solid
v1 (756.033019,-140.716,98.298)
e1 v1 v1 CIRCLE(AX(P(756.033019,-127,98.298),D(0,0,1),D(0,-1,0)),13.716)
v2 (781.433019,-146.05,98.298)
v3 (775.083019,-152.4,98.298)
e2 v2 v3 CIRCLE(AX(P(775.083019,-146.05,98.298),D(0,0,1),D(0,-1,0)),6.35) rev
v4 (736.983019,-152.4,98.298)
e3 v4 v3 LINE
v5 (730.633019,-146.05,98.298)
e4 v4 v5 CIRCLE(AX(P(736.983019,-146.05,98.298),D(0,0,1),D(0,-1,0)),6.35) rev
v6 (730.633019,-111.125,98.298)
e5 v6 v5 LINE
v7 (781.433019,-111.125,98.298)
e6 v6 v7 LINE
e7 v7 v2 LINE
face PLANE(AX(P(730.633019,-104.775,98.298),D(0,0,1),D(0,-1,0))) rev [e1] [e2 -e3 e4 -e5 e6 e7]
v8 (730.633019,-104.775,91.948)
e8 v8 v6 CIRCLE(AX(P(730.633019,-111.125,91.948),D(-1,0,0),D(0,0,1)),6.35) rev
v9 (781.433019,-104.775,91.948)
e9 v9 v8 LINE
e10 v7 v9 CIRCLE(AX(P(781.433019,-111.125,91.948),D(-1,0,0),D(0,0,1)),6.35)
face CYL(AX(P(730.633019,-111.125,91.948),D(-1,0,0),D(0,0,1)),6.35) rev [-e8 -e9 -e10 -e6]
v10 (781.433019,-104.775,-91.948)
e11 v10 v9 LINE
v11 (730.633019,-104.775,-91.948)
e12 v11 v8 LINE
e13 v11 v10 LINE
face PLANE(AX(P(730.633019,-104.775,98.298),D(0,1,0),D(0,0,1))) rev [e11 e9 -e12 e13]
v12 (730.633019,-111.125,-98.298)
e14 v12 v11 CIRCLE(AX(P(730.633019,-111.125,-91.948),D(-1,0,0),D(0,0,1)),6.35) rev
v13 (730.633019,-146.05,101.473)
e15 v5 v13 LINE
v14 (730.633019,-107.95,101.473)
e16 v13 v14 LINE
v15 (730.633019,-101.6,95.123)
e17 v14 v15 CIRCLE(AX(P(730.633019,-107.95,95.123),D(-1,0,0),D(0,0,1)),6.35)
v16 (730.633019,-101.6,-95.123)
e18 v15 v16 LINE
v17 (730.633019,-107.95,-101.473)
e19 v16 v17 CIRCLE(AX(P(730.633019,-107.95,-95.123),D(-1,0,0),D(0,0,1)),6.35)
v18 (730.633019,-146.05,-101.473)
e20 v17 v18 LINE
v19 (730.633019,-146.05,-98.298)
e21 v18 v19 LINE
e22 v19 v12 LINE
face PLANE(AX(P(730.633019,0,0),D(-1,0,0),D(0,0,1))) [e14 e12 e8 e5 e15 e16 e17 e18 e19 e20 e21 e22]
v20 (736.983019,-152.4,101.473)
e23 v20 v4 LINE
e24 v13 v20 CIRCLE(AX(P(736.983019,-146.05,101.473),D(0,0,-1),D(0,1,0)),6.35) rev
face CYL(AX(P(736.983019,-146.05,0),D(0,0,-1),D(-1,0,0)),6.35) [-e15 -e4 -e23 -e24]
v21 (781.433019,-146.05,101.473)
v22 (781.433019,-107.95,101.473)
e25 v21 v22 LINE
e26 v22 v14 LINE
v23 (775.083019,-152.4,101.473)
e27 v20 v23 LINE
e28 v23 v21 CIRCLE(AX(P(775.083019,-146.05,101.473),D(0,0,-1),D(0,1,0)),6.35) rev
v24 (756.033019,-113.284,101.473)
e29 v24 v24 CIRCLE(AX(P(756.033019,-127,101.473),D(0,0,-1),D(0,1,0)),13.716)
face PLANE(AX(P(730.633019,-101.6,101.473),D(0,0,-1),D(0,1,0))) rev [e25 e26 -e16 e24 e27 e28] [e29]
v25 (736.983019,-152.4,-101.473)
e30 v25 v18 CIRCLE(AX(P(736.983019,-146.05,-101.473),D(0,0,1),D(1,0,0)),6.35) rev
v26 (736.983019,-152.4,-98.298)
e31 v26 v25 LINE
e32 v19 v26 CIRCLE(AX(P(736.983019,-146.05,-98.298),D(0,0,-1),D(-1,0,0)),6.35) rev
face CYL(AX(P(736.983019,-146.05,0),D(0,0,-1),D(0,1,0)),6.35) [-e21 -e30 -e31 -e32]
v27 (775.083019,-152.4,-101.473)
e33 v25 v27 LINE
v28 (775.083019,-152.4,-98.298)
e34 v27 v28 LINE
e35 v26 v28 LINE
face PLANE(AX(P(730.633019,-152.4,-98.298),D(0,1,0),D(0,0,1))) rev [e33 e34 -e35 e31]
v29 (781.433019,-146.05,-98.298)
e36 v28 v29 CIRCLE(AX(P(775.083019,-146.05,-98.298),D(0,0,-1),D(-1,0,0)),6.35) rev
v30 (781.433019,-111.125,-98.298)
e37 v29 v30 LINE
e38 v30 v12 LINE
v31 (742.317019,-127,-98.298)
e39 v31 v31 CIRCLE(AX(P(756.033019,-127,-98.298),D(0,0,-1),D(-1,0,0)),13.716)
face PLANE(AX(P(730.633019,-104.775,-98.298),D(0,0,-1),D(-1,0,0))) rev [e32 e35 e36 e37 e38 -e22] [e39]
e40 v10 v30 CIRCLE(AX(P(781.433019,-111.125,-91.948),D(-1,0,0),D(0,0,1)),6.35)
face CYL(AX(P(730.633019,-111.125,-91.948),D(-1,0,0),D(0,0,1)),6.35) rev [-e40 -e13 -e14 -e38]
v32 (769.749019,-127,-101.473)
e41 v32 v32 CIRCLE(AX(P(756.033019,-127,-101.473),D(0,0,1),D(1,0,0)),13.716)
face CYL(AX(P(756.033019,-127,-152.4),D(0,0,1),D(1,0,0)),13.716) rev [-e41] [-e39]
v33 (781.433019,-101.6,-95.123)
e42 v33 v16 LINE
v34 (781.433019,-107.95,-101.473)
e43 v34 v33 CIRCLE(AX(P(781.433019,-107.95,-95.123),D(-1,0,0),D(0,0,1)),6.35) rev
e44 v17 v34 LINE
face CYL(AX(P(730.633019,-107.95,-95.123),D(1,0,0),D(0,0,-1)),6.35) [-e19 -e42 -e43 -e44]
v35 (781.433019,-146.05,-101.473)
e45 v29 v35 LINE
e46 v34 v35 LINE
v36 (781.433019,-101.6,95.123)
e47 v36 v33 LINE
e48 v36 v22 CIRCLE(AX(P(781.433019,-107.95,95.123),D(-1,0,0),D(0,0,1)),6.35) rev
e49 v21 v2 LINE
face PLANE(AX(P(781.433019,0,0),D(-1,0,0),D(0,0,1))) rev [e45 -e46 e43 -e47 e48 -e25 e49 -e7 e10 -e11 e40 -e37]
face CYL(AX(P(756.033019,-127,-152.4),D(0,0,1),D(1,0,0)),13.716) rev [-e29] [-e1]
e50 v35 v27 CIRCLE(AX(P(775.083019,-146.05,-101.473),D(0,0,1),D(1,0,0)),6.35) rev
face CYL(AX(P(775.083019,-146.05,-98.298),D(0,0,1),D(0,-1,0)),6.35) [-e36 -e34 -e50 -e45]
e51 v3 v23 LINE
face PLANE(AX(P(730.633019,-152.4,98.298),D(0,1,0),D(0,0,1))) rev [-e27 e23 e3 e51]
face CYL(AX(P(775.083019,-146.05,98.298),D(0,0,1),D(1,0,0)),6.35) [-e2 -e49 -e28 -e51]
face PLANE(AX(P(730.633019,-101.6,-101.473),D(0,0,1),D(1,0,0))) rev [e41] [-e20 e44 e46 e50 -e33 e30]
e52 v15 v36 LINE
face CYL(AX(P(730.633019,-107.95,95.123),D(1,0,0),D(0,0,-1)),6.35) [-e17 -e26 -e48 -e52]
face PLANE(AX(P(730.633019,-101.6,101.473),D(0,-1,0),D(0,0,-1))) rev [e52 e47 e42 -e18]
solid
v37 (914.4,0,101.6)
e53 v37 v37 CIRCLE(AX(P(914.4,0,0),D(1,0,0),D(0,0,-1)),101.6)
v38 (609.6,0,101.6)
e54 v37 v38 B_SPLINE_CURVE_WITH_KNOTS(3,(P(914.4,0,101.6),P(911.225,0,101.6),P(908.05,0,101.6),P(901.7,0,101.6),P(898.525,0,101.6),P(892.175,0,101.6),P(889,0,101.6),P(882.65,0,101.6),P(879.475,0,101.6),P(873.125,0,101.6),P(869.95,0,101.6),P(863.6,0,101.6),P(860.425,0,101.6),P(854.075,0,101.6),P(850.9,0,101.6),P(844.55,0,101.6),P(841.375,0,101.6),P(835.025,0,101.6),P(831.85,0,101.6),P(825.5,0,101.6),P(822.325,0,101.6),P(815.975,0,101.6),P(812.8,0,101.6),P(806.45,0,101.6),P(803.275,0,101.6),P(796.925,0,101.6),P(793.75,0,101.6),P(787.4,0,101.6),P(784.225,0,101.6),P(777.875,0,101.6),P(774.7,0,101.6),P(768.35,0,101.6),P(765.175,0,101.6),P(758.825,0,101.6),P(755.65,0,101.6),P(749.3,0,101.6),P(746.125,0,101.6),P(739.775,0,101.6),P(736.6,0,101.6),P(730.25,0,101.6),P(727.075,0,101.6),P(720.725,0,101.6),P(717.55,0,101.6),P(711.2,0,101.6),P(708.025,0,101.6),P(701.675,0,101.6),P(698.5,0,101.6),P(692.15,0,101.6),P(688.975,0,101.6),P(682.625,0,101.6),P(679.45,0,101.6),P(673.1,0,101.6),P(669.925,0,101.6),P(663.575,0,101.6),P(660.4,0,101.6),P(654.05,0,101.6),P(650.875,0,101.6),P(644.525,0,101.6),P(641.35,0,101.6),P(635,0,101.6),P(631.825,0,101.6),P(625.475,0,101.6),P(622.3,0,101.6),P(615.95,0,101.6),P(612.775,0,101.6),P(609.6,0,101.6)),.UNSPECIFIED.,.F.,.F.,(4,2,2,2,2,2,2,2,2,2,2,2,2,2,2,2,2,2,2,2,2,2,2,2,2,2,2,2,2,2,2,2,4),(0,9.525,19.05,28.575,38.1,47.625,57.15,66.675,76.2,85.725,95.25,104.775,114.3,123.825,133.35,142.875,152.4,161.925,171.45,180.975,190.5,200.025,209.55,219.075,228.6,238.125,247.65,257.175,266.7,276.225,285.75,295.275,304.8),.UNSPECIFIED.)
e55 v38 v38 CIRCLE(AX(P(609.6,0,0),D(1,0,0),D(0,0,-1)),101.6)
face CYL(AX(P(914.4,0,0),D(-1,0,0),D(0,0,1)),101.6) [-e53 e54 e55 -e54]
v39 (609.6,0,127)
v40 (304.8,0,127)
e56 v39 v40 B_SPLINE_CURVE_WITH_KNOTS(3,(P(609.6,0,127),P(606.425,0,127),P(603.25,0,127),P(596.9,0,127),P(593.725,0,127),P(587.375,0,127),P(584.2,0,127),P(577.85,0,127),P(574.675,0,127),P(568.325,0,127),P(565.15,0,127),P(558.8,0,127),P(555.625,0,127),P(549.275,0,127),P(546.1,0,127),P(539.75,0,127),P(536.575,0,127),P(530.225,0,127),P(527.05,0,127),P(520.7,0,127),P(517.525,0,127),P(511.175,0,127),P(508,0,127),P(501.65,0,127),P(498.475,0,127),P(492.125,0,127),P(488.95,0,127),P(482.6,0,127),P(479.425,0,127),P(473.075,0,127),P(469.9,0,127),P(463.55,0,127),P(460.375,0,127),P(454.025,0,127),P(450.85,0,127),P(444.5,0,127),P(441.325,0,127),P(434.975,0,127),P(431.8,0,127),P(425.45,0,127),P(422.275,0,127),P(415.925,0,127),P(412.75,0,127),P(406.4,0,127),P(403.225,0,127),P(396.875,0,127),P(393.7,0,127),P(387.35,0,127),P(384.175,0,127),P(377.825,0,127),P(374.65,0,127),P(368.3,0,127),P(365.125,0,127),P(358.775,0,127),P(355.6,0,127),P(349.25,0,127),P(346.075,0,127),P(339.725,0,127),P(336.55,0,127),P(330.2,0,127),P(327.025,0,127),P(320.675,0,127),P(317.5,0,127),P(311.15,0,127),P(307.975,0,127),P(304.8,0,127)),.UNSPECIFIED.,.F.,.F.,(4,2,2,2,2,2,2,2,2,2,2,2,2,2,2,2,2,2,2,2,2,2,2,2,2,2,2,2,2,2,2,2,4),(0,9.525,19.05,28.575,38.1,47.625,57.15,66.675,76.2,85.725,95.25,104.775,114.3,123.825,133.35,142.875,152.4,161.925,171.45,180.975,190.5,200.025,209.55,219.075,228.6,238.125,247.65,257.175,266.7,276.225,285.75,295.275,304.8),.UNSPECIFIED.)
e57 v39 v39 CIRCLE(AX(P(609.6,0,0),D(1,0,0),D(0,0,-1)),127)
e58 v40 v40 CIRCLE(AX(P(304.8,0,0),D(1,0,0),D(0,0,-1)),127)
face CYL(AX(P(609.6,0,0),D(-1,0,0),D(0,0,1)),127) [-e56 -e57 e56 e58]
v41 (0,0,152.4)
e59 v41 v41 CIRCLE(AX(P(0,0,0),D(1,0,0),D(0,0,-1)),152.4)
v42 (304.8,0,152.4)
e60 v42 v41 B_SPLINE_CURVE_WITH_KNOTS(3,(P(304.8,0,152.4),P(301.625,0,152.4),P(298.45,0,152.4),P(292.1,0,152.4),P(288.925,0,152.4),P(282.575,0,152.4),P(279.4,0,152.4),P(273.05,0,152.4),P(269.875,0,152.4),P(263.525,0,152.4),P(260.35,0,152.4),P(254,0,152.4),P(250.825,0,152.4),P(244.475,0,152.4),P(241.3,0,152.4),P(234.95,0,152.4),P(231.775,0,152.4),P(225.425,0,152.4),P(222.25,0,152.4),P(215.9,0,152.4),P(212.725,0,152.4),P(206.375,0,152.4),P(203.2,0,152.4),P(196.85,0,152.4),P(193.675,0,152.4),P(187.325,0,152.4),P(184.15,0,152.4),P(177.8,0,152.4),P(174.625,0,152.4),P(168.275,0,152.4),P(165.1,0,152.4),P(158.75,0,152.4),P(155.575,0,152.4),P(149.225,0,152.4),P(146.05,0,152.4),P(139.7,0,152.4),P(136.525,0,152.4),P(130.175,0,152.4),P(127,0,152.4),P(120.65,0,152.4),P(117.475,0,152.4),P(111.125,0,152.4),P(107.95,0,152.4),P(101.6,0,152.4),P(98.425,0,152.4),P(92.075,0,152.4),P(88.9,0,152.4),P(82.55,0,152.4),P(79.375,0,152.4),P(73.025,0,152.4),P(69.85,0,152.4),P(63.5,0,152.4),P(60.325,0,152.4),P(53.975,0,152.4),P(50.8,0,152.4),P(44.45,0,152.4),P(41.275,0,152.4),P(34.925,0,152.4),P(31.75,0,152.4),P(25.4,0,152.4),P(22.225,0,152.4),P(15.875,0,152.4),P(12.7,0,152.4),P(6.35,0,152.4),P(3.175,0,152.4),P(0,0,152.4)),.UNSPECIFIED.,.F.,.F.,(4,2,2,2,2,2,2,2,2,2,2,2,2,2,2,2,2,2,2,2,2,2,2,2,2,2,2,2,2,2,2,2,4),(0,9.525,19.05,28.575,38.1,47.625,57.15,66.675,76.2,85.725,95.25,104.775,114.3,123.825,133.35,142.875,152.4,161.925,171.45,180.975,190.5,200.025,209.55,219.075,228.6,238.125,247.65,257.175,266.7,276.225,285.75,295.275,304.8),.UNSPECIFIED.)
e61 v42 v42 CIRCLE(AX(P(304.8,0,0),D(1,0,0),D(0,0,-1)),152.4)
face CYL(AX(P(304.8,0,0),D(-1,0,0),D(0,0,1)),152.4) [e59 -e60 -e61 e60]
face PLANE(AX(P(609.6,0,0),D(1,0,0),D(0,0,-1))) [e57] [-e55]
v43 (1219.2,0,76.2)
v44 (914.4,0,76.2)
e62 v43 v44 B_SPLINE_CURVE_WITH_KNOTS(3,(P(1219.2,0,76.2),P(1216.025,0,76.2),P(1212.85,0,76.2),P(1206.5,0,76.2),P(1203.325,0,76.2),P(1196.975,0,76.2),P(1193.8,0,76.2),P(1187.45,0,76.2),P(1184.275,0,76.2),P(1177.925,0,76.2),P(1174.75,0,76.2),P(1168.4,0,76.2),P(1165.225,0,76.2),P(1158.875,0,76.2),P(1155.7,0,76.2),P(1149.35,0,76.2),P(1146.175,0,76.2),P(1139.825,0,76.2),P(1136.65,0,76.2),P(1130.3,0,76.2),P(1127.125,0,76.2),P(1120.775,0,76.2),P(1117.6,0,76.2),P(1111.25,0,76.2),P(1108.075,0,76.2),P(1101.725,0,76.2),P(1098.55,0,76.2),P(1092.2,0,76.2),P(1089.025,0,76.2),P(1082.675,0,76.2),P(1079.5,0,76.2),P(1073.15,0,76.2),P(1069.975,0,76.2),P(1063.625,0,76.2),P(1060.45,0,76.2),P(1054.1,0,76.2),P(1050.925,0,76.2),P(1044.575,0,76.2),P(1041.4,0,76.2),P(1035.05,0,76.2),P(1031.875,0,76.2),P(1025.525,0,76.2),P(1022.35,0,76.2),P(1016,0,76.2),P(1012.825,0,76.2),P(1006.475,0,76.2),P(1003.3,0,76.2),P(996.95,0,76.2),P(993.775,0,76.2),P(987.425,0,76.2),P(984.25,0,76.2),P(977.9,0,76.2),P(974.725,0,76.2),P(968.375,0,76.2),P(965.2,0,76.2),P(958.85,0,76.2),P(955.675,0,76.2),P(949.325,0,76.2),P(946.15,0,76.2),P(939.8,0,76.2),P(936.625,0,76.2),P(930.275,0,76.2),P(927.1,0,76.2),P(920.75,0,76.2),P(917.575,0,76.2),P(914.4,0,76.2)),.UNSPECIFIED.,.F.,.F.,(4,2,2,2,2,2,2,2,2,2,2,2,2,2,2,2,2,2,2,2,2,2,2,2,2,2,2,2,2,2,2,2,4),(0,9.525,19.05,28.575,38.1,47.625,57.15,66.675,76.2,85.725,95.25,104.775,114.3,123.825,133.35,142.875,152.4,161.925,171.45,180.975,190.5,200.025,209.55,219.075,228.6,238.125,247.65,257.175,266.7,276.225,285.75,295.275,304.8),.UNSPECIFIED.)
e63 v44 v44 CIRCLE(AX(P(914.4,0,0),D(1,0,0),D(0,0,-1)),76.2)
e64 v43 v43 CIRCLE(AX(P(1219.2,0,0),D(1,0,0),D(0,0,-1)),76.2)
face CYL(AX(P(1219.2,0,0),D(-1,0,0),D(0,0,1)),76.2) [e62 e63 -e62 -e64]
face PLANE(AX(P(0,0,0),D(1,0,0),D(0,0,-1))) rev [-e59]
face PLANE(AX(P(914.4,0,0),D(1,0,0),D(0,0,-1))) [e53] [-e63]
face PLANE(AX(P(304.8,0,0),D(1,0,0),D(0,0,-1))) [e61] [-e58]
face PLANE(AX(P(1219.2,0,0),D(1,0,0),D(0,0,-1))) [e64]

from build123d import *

# Parameters (mm, degrees)
SKETCH1_R               = 152.4
BOSS_EXTRUDE1_DEPTH     = 304.8
SKETCH2_R               = 127
BOSS_EXTRUDE2_DEPTH     = 304.8
SKETCH3_R               = 101.6
BOSS_EXTRUDE3_DEPTH     = 304.8
SKETCH4_R               = 76.2
BOSS_EXTRUDE4_DEPTH     = 304.8
BOSS_EXTRUDE6_DEPTH     = 25.4
FILLET1_R               = 6.35
CUT_EXTRUDE1_DEPTH      = 1255.641741745
CUT_EXTRUDE1_DEPTH_BACK = 1255.641741745
SKETCH7_R               = 13.716


with BuildPart() as part:
    # Sketch1 → Boss-Extrude1 (new body)
    with BuildSketch(Plane(origin=(0, 0, 0), x_dir=(0, 0, -1), z_dir=(1, 0, 0))):
        with Locations(Location((0, 0, 0), (0, 0, 180))):
            Circle(SKETCH1_R)
    extrude(amount=BOSS_EXTRUDE1_DEPTH)

    # Sketch2 → Boss-Extrude2 (add)
    with BuildSketch(Plane(origin=(304.8, 0, 0), x_dir=(0, 0, -1), z_dir=(1, 0, 0))):
        with Locations(Location((0, 0, 0), (0, 0, 180))):
            Circle(SKETCH2_R)
    extrude(amount=BOSS_EXTRUDE2_DEPTH)

    # Sketch3 → Boss-Extrude3 (add)
    with BuildSketch(Plane(origin=(609.6, 0, 0), x_dir=(0, 0, -1), z_dir=(1, 0, 0))):
        with Locations(Location((0, 0, 0), (0, 0, 180))):
            Circle(SKETCH3_R)
    extrude(amount=BOSS_EXTRUDE3_DEPTH)

    # Sketch4 → Boss-Extrude4 (add)
    with BuildSketch(Plane(origin=(914.4, 0, 0), x_dir=(0, 0, -1), z_dir=(1, 0, 0))):
        with Locations(Location((0, 0, 0), (0, 0, 180))):
            Circle(SKETCH4_R)
    extrude(amount=BOSS_EXTRUDE4_DEPTH)


with BuildPart() as body_2:
    # Sketch6 → Boss-Extrude6 (new, symmetric)
    with BuildSketch(Plane.ZY.offset(-756.033019333)):
        Polygon((101.473, -101.6), (-101.473, -101.6), (-101.473, -152.4), (-98.298, -152.4), (-98.298, -104.775), (98.298, -104.775), (98.298, -152.4), (101.473, -152.4), align=None)
    extrude(amount=BOSS_EXTRUDE6_DEPTH, both=True)

    # Fillet1
    fillet1_edges = [body_2.edges().sort_by_distance(p)[0] for p in [
        (781.433019333, -152.4, 99.8855),
        (756.033019333, -104.775, 98.298),
        (756.033019333, -104.775, -98.298),
        (756.033019333, -101.6, -101.473),
        (756.033019333, -101.6, 101.473),
        (730.633019333, -152.4, -99.8855),
        (730.633019333, -152.4, 99.8855),
        (781.433019333, -152.4, -99.8855),
    ]]
    fillet(fillet1_edges, radius=FILLET1_R)

    # Sketch7 → Cut-Extrude1 (cut, two sides: drawn at the far end of the back side and taken through both)
    with BuildSketch(Plane.XY.offset(101.473).offset(-CUT_EXTRUDE1_DEPTH_BACK)):
        with Locations((756.033019333, -127)):
            Circle(SKETCH7_R)
    extrude(amount=CUT_EXTRUDE1_DEPTH + CUT_EXTRUDE1_DEPTH_BACK, mode=Mode.SUBTRACT)


solid = Compound([part.part, body_2.part])
